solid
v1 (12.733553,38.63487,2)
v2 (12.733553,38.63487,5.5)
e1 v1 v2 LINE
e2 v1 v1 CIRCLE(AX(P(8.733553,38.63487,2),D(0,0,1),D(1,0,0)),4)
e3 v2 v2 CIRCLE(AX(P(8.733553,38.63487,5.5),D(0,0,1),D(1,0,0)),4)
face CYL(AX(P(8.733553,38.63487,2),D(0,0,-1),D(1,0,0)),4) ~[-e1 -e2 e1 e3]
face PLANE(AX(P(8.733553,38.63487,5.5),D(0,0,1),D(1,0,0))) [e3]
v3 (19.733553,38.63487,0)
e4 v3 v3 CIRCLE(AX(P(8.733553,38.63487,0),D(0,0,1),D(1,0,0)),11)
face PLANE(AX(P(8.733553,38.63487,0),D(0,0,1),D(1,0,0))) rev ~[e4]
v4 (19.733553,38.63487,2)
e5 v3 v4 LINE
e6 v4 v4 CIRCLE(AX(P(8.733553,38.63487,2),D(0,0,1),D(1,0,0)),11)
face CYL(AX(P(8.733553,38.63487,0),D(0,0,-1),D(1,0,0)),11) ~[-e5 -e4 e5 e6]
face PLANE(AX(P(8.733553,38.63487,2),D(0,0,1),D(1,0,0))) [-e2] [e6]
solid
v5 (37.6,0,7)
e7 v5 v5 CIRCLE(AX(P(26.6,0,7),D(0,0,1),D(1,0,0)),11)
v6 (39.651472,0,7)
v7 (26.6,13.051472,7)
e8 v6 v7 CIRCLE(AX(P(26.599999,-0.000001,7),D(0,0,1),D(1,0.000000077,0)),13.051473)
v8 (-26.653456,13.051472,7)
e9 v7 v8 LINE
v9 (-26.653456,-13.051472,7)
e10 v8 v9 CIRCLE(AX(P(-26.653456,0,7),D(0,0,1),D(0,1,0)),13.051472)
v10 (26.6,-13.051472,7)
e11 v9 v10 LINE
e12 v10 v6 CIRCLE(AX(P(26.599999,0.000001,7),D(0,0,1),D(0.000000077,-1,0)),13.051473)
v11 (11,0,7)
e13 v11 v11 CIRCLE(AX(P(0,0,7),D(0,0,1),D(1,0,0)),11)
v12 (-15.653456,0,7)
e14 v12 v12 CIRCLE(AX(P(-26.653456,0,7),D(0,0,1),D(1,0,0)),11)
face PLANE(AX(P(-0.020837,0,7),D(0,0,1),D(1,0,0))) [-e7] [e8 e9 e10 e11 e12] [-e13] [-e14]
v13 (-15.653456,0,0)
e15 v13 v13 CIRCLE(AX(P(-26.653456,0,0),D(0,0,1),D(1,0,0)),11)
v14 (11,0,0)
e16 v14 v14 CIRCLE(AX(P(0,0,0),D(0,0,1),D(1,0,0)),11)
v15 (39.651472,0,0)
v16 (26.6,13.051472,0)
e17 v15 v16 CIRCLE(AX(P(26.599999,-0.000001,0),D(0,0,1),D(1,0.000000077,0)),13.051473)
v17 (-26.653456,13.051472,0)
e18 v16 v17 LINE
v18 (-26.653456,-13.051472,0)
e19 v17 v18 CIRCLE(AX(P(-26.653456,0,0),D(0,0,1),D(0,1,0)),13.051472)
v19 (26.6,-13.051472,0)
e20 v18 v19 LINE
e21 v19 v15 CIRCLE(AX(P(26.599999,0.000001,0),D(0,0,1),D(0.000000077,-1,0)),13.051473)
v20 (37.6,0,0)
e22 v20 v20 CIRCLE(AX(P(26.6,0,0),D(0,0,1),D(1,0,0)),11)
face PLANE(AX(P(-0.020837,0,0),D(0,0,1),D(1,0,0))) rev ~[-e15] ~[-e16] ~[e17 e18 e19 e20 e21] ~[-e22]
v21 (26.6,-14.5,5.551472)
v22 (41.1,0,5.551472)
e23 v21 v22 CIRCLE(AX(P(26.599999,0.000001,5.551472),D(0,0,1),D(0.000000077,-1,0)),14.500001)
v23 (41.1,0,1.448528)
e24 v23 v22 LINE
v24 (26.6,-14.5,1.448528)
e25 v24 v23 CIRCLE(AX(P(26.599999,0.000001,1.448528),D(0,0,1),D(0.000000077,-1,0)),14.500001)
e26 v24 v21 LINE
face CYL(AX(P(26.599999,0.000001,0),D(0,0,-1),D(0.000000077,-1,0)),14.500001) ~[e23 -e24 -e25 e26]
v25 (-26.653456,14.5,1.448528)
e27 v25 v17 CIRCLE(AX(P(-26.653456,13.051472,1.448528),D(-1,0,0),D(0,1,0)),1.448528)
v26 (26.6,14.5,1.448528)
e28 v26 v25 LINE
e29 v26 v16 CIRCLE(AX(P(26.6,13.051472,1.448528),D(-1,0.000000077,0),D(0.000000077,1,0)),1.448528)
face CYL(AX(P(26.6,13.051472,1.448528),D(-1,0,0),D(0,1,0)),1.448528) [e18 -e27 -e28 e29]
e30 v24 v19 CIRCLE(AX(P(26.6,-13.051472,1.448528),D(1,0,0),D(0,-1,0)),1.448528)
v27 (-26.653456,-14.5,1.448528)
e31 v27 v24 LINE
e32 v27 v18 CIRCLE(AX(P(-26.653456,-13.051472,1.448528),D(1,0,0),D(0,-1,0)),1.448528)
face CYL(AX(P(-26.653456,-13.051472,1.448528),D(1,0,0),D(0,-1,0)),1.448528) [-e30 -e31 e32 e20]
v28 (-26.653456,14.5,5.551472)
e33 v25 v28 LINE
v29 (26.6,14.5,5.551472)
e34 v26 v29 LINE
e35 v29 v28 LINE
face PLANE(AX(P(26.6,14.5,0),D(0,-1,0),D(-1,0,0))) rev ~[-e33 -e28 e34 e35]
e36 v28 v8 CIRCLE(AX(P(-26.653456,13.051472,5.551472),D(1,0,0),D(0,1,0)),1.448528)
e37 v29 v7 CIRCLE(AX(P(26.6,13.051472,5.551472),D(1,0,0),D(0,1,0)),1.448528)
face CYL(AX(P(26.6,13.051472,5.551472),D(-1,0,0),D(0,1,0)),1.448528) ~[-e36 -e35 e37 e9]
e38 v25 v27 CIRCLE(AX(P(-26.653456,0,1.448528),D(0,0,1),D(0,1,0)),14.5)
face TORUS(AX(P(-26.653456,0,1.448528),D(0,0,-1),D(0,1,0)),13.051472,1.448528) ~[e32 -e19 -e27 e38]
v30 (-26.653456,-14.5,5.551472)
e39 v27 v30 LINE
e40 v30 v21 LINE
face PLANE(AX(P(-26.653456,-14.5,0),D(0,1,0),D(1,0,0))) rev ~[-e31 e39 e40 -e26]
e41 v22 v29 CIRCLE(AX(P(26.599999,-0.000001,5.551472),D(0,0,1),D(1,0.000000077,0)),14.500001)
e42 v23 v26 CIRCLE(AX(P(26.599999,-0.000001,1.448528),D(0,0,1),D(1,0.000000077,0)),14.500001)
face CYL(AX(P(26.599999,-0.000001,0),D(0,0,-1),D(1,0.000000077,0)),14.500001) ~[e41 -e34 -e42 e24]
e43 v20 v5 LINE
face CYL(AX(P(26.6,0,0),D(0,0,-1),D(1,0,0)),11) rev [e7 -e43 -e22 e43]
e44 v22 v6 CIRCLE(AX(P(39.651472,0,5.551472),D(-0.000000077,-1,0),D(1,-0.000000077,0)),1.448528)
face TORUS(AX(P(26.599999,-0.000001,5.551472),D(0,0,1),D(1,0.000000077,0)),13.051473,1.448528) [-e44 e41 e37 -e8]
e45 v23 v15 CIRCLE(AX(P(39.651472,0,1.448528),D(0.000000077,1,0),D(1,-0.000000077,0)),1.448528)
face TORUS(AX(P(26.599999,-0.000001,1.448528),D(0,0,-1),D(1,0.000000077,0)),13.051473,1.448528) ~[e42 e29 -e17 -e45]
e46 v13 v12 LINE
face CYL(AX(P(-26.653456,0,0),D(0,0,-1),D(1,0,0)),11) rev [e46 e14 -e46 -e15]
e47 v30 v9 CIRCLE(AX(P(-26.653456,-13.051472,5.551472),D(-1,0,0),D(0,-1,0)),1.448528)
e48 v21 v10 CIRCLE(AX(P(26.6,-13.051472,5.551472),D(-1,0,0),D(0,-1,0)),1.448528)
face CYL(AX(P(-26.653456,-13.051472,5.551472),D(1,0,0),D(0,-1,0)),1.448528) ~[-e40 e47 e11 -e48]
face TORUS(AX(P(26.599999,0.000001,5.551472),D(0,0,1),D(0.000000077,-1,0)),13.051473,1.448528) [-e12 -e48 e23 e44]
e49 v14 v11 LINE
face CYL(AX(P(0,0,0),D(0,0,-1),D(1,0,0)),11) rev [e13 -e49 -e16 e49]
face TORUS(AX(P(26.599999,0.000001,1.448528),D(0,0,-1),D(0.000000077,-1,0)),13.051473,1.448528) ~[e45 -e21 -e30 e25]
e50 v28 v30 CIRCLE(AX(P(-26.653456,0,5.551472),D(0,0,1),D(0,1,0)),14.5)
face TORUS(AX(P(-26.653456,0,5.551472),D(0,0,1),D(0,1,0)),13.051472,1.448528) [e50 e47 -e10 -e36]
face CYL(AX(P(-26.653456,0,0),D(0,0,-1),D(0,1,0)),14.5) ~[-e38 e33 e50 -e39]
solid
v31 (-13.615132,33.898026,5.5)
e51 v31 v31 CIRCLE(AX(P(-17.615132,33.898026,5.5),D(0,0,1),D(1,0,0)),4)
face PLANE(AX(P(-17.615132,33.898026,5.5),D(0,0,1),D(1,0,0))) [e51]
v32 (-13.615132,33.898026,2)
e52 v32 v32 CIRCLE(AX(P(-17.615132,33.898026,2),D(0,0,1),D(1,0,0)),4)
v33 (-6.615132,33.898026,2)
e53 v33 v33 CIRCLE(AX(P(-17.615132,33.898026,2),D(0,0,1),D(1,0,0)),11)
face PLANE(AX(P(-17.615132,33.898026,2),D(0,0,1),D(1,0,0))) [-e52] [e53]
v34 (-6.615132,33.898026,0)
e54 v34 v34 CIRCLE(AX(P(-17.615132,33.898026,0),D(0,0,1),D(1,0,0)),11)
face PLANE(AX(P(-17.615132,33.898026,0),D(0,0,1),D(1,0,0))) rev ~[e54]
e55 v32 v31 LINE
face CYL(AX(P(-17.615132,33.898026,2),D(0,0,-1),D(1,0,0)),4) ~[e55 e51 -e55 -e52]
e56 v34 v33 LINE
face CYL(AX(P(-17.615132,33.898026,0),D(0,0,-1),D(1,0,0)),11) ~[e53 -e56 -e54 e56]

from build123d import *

# Parameters (mm, degrees)
F0_R      = 11
F1_DEPTH  = 7
F2_R      = 1.448528
F3_R      = 11
F4_DEPTH  = 2
F5_R      = 4
F6_DEPTH  = 3.5
F7_R      = 11
F8_DEPTH  = 2
F9_R      = 4
F10_DEPTH = 3.5


with BuildPart() as f1:
    # F0 (on Top) → F1 (new body)
    with BuildSketch(Plane.XY):
        with BuildLine():
            ThreePointArc((-26.653456, 14.5), (-16.400407, 10.253048), (-12.153456, 0))
            ThreePointArc((-12.153456, 0), (-16.400407, -10.253048), (-26.653456, -14.5))
            Line((-26.653456, -14.5), (26.6, -14.5))
            ThreePointArc((26.6, -14.5), (12.1, 0), (26.6, 14.5))
            Line((26.6, 14.5), (-26.653456, 14.5))
        make_face()
        Circle(F0_R, mode=Mode.SUBTRACT)
        with BuildLine():
            ThreePointArc((-26.653456, -14.5), (-16.400407, -10.253048), (-12.153456, 0))
            ThreePointArc((-12.153456, 0), (-16.400407, 10.253048), (-26.653456, 14.5))
            ThreePointArc((-26.653456, 14.5), (-41.153456, 0), (-26.653456, -14.5))
        make_face()
        with Locations((-26.653456, 0)):
            Circle(F0_R, mode=Mode.SUBTRACT)
        with BuildLine():
            ThreePointArc((41.1, 0), (36.853048, 10.253048), (26.6, 14.5))
            ThreePointArc((26.6, 14.5), (12.1, 0), (26.6, -14.5))
            ThreePointArc((26.6, -14.5), (36.853048, -10.253048), (41.1, 0))
        make_face()
        with Locations((26.6, 0)):
            Circle(F0_R, mode=Mode.SUBTRACT)
    extrude(amount=F1_DEPTH)

    # F2
    f2_edges = [f1.edges().sort_by_distance(p)[0] for p in [
        (-0.026728, 14.5, 7),
        (-41.153456, 0, 7),
        (41.1, 0, 7),
        (-41.153456, 0, 0),
        (-0.026728, -14.5, 0),
        (41.1, 0, 0),
    ]]
    fillet(f2_edges, radius=F2_R)


with BuildPart() as f4:
    # F3 (on Top) → F4 (new body)
    with BuildSketch(Plane.XY):
        with Locations((-17.615132, 33.898026)):
            Circle(F3_R)
    extrude(amount=F4_DEPTH)

    # F5 (on face) → F6 (join)
    with BuildSketch(Plane.XY.offset(2)):
        with Locations((-17.615132, 33.898026)):
            Circle(F5_R)
    extrude(amount=F6_DEPTH)


with BuildPart() as f8:
    # F7 (on Top) → F8 (new body)
    with BuildSketch(Plane.XY):
        with Locations((8.733553, 38.63487)):
            Circle(F7_R)
    extrude(amount=F8_DEPTH)

    # F9 (on face) → F10 (join)
    with BuildSketch(Plane.XY.offset(2)):
        with Locations((8.733553, 38.63487)):
            Circle(F9_R)
    extrude(amount=F10_DEPTH)


solid = Compound([f1.part, f4.part, f8.part])
